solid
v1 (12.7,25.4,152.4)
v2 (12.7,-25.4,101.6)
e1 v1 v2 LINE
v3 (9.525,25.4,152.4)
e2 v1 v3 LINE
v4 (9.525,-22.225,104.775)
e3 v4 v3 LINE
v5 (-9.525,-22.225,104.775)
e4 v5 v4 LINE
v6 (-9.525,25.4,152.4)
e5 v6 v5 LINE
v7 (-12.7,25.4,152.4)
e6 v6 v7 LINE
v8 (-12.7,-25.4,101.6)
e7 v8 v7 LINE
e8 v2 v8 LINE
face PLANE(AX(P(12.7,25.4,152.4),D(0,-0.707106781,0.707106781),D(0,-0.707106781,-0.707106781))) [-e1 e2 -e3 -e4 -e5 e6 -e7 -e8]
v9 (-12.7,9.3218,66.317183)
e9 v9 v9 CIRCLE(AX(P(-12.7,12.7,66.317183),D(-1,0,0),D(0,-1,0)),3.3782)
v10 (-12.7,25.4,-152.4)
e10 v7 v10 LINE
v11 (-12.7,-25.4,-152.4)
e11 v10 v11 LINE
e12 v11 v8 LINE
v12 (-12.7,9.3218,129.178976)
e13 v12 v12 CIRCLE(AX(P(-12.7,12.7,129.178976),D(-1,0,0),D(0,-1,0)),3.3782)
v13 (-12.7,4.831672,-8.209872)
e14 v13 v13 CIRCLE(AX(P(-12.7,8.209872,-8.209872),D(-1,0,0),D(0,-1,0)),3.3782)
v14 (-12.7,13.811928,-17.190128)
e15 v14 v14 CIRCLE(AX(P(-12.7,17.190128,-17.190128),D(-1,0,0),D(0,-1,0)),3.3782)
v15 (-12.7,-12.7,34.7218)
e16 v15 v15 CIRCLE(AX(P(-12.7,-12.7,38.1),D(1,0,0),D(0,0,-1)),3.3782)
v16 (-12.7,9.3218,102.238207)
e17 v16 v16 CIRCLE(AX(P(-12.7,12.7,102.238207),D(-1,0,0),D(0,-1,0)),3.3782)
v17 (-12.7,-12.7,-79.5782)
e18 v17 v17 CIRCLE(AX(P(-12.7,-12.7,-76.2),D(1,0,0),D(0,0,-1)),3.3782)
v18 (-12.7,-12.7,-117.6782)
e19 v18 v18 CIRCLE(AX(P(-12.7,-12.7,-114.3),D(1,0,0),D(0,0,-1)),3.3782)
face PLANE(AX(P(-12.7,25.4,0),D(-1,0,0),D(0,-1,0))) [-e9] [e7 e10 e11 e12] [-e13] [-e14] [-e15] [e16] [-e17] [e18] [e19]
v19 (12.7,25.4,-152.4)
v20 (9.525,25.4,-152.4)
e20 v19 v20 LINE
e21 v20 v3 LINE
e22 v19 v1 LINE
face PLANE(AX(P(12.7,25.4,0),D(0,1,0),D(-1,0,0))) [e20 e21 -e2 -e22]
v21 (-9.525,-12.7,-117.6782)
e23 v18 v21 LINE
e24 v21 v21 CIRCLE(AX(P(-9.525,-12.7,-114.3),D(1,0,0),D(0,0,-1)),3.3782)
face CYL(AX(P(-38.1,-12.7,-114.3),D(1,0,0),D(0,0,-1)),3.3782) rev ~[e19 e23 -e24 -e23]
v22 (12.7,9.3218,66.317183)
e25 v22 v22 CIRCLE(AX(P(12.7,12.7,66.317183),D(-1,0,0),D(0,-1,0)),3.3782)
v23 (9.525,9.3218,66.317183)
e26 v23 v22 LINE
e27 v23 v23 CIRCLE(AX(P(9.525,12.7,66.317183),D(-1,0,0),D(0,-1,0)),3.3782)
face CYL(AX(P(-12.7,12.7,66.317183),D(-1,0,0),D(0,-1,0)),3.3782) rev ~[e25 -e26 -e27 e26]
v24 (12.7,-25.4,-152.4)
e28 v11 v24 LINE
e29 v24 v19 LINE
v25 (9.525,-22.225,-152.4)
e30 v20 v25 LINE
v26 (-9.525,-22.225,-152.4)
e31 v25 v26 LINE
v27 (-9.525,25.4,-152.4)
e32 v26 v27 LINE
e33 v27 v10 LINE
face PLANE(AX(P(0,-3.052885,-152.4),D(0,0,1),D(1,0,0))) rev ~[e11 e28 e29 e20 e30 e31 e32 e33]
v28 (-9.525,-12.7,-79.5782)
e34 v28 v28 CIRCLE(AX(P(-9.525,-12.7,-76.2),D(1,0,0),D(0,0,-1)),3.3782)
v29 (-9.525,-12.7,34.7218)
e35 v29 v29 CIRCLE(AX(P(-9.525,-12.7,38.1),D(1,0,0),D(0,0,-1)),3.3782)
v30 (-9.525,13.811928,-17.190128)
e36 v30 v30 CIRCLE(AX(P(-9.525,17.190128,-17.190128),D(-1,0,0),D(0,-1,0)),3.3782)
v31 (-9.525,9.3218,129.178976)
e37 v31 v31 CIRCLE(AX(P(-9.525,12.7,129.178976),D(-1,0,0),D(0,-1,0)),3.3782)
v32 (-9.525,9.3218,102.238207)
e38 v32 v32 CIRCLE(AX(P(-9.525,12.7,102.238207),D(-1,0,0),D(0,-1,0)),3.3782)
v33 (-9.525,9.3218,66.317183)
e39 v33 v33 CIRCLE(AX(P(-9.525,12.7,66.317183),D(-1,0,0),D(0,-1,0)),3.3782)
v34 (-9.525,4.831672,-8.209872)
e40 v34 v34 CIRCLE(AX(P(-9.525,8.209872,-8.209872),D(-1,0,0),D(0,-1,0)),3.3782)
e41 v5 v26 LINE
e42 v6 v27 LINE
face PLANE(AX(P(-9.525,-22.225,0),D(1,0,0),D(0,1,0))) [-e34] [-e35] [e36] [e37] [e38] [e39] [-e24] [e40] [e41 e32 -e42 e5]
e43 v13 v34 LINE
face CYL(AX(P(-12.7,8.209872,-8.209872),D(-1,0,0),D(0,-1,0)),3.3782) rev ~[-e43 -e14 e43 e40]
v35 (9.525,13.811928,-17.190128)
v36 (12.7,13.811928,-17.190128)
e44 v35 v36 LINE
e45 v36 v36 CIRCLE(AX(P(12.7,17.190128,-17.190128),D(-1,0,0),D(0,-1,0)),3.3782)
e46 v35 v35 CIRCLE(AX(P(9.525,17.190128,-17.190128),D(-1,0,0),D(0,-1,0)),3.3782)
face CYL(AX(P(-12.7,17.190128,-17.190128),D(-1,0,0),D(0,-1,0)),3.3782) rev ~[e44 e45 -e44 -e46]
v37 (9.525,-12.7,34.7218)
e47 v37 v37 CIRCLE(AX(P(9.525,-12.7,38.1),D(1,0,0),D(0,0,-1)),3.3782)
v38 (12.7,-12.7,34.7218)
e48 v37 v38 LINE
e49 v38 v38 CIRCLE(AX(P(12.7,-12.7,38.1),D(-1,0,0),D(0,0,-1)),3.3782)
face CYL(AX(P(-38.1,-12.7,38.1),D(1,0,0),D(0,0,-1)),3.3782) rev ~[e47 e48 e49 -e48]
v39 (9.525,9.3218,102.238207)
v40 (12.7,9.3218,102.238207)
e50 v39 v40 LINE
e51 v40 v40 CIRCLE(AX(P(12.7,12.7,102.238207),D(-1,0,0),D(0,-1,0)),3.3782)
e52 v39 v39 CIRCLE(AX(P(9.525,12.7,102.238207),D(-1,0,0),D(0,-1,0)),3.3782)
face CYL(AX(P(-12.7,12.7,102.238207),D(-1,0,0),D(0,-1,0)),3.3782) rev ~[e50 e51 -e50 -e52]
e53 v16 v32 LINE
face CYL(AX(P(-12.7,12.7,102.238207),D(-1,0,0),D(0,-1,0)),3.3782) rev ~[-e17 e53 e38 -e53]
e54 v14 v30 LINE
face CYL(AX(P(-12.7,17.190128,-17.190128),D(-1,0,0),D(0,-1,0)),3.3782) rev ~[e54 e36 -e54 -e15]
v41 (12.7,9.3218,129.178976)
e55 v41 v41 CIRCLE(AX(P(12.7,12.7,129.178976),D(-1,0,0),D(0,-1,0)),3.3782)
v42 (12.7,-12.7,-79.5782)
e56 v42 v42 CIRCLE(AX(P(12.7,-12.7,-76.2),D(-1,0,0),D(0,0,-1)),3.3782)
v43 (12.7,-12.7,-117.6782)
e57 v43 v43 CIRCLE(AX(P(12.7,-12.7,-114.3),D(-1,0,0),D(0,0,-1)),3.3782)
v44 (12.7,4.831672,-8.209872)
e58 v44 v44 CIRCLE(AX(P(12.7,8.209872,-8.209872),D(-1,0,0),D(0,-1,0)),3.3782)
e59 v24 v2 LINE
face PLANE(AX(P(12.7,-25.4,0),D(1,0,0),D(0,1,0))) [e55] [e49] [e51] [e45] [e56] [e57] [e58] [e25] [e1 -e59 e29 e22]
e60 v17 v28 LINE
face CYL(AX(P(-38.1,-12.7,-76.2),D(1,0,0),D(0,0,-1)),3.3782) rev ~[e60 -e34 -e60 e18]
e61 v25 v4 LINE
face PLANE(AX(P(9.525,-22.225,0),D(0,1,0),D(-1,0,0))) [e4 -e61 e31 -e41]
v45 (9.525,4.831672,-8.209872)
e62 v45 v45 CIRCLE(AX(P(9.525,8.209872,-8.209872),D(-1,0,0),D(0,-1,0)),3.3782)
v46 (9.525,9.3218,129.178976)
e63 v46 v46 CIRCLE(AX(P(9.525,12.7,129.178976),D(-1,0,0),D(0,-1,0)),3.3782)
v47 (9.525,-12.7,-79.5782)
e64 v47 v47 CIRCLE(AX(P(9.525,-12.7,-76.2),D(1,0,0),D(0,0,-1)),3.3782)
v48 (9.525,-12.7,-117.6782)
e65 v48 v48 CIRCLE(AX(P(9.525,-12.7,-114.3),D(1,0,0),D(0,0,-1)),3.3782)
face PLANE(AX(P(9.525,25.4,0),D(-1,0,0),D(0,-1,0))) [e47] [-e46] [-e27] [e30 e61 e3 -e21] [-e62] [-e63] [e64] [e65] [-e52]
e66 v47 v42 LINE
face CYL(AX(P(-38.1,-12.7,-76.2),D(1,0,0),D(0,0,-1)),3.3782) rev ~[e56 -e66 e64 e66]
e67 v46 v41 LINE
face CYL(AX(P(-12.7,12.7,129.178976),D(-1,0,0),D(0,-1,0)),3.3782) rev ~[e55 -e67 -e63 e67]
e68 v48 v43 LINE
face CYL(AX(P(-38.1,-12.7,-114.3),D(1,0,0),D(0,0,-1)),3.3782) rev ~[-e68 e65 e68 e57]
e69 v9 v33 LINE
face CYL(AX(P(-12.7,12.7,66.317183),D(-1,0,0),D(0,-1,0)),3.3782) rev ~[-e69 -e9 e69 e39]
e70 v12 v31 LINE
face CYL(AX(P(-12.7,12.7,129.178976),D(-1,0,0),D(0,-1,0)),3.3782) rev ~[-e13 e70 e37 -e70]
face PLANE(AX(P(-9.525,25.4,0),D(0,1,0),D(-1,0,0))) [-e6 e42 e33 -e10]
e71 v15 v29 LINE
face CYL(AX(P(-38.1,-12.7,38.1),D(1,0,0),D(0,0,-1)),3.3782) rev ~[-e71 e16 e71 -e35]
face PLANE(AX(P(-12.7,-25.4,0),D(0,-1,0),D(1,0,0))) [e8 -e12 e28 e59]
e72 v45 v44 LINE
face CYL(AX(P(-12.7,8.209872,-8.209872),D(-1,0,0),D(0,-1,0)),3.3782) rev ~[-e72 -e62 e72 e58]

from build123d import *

# Parameters (mm, degrees)
BOSS_EXTRUDE2_DEPTH         = 152.4
CUT_EXTRUDE1_DEPTH          = 157.576115675
SKETCH5_R                   = 3.3782
CUT_EXTRUDE2_DEPTH          = 157.576115675
CUT_EXTRUDE3_REACH          = 158.576
SKETCH10_R                  = 3.3782
F_1_4_CLEARANCE_HOLE1_D     = 6.7564
F_1_4_CLEARANCE_HOLE1_DEPTH = 25.4
F_1_4_CLEARANCE_HOLE1_TIP   = 2.029827343


with BuildPart() as part:
    # Sketch3 → Boss-Extrude2 (new, symmetric)
    with BuildSketch(Plane.XY):
        Polygon((-12.7, 25.4), (-12.7, -25.4), (12.7, -25.4), (12.7, 25.4), (9.525, 25.4), (9.525, -22.225), (-9.525, -22.225), (-9.525, 25.4), align=None)
    extrude(amount=BOSS_EXTRUDE2_DEPTH, both=True)

    # Sketch4 → Cut-Extrude1 (cut, through all)
    with BuildSketch(Plane(origin=(12.7, 0, 0), x_dir=(0, 0, -1), z_dir=(1, 0, 0))):
        Polygon((-152.4, 25.4), (-101.6, -25.4), (-152.4, -25.4), align=None)
    extrude(amount=-CUT_EXTRUDE1_DEPTH, mode=Mode.SUBTRACT)

    # Sketch5 → Cut-Extrude2 (cut, through all)
    with BuildSketch(Plane.ZY.offset(12.7)):
        with Locations(Location((-8.209871939, 8.209871939, 0), (0, 0, 270))):
            Circle(SKETCH5_R)
        with Locations(Location((-17.190128061, 17.190128061, 0), (0, 0, 270))):
            Circle(SKETCH5_R)
    extrude(amount=-CUT_EXTRUDE2_DEPTH, mode=Mode.SUBTRACT)

    # Cut-Extrude3: up to this face of the body (flat: up to its plane)
    cut_extrude3_end = Plane(part.part.faces().sort_by_distance((12.7, 0.709119442, -12.313197401))[0])
    # Sketch10 → Cut-Extrude3 (cut, up to the picked face)
    with BuildSketch(Plane.ZY.offset(12.7), mode=Mode.PRIVATE) as cut_extrude3_sk1:
        with Locations(Location((66.317182668, 12.7, 0), (0, 0, 270))):
            Circle(SKETCH10_R)
    cut_extrude3_tool1 = split(extrude(cut_extrude3_sk1.sketch, amount=-CUT_EXTRUDE3_REACH, mode=Mode.PRIVATE), bisect_by=cut_extrude3_end, keep=Keep.BOTH, mode=Mode.PRIVATE)
    # Sketch10 → Cut-Extrude3 (cut, up to the picked face)
    with BuildSketch(Plane.ZY.offset(12.7), mode=Mode.PRIVATE) as cut_extrude3_sk2:
        with Locations(Location((129.178975516, 12.7, 0), (0, 0, 270))):
            Circle(SKETCH10_R)
    cut_extrude3_tool2 = split(extrude(cut_extrude3_sk2.sketch, amount=-CUT_EXTRUDE3_REACH, mode=Mode.PRIVATE), bisect_by=cut_extrude3_end, keep=Keep.BOTH, mode=Mode.PRIVATE)
    # Sketch10 → Cut-Extrude3 (cut, up to the picked face)
    with BuildSketch(Plane.ZY.offset(12.7), mode=Mode.PRIVATE) as cut_extrude3_sk3:
        with Locations(Location((102.238207153, 12.7, 0), (0, 0, 270))):
            Circle(SKETCH10_R)
    cut_extrude3_tool3 = split(extrude(cut_extrude3_sk3.sketch, amount=-CUT_EXTRUDE3_REACH, mode=Mode.PRIVATE), bisect_by=cut_extrude3_end, keep=Keep.BOTH, mode=Mode.PRIVATE)
    add(cut_extrude3_tool1.solids().sort_by(Axis((-12.7, 12.7, 66.317183), (1, 0, 0)))[0], mode=Mode.SUBTRACT)
    add(cut_extrude3_tool2.solids().sort_by(Axis((-12.7, 12.7, 129.178976), (1, 0, 0)))[0], mode=Mode.SUBTRACT)
    add(cut_extrude3_tool3.solids().sort_by(Axis((-12.7, 12.7, 102.238207), (1, 0, 0)))[0], mode=Mode.SUBTRACT)

    # 1/4 Clearance Hole1
    with Locations(Plane.ZY.offset(12.7)):
        with Locations((38.1, -12.7), (-114.3, -12.7), (-76.2, -12.7)):
            Hole(F_1_4_CLEARANCE_HOLE1_D / 2, depth=F_1_4_CLEARANCE_HOLE1_DEPTH)
            with Locations((0, 0, -(F_1_4_CLEARANCE_HOLE1_DEPTH + F_1_4_CLEARANCE_HOLE1_TIP / 2))):  # 118° drill point
                Cone(0, F_1_4_CLEARANCE_HOLE1_D / 2, F_1_4_CLEARANCE_HOLE1_TIP, mode=Mode.SUBTRACT)


solid = part.part
